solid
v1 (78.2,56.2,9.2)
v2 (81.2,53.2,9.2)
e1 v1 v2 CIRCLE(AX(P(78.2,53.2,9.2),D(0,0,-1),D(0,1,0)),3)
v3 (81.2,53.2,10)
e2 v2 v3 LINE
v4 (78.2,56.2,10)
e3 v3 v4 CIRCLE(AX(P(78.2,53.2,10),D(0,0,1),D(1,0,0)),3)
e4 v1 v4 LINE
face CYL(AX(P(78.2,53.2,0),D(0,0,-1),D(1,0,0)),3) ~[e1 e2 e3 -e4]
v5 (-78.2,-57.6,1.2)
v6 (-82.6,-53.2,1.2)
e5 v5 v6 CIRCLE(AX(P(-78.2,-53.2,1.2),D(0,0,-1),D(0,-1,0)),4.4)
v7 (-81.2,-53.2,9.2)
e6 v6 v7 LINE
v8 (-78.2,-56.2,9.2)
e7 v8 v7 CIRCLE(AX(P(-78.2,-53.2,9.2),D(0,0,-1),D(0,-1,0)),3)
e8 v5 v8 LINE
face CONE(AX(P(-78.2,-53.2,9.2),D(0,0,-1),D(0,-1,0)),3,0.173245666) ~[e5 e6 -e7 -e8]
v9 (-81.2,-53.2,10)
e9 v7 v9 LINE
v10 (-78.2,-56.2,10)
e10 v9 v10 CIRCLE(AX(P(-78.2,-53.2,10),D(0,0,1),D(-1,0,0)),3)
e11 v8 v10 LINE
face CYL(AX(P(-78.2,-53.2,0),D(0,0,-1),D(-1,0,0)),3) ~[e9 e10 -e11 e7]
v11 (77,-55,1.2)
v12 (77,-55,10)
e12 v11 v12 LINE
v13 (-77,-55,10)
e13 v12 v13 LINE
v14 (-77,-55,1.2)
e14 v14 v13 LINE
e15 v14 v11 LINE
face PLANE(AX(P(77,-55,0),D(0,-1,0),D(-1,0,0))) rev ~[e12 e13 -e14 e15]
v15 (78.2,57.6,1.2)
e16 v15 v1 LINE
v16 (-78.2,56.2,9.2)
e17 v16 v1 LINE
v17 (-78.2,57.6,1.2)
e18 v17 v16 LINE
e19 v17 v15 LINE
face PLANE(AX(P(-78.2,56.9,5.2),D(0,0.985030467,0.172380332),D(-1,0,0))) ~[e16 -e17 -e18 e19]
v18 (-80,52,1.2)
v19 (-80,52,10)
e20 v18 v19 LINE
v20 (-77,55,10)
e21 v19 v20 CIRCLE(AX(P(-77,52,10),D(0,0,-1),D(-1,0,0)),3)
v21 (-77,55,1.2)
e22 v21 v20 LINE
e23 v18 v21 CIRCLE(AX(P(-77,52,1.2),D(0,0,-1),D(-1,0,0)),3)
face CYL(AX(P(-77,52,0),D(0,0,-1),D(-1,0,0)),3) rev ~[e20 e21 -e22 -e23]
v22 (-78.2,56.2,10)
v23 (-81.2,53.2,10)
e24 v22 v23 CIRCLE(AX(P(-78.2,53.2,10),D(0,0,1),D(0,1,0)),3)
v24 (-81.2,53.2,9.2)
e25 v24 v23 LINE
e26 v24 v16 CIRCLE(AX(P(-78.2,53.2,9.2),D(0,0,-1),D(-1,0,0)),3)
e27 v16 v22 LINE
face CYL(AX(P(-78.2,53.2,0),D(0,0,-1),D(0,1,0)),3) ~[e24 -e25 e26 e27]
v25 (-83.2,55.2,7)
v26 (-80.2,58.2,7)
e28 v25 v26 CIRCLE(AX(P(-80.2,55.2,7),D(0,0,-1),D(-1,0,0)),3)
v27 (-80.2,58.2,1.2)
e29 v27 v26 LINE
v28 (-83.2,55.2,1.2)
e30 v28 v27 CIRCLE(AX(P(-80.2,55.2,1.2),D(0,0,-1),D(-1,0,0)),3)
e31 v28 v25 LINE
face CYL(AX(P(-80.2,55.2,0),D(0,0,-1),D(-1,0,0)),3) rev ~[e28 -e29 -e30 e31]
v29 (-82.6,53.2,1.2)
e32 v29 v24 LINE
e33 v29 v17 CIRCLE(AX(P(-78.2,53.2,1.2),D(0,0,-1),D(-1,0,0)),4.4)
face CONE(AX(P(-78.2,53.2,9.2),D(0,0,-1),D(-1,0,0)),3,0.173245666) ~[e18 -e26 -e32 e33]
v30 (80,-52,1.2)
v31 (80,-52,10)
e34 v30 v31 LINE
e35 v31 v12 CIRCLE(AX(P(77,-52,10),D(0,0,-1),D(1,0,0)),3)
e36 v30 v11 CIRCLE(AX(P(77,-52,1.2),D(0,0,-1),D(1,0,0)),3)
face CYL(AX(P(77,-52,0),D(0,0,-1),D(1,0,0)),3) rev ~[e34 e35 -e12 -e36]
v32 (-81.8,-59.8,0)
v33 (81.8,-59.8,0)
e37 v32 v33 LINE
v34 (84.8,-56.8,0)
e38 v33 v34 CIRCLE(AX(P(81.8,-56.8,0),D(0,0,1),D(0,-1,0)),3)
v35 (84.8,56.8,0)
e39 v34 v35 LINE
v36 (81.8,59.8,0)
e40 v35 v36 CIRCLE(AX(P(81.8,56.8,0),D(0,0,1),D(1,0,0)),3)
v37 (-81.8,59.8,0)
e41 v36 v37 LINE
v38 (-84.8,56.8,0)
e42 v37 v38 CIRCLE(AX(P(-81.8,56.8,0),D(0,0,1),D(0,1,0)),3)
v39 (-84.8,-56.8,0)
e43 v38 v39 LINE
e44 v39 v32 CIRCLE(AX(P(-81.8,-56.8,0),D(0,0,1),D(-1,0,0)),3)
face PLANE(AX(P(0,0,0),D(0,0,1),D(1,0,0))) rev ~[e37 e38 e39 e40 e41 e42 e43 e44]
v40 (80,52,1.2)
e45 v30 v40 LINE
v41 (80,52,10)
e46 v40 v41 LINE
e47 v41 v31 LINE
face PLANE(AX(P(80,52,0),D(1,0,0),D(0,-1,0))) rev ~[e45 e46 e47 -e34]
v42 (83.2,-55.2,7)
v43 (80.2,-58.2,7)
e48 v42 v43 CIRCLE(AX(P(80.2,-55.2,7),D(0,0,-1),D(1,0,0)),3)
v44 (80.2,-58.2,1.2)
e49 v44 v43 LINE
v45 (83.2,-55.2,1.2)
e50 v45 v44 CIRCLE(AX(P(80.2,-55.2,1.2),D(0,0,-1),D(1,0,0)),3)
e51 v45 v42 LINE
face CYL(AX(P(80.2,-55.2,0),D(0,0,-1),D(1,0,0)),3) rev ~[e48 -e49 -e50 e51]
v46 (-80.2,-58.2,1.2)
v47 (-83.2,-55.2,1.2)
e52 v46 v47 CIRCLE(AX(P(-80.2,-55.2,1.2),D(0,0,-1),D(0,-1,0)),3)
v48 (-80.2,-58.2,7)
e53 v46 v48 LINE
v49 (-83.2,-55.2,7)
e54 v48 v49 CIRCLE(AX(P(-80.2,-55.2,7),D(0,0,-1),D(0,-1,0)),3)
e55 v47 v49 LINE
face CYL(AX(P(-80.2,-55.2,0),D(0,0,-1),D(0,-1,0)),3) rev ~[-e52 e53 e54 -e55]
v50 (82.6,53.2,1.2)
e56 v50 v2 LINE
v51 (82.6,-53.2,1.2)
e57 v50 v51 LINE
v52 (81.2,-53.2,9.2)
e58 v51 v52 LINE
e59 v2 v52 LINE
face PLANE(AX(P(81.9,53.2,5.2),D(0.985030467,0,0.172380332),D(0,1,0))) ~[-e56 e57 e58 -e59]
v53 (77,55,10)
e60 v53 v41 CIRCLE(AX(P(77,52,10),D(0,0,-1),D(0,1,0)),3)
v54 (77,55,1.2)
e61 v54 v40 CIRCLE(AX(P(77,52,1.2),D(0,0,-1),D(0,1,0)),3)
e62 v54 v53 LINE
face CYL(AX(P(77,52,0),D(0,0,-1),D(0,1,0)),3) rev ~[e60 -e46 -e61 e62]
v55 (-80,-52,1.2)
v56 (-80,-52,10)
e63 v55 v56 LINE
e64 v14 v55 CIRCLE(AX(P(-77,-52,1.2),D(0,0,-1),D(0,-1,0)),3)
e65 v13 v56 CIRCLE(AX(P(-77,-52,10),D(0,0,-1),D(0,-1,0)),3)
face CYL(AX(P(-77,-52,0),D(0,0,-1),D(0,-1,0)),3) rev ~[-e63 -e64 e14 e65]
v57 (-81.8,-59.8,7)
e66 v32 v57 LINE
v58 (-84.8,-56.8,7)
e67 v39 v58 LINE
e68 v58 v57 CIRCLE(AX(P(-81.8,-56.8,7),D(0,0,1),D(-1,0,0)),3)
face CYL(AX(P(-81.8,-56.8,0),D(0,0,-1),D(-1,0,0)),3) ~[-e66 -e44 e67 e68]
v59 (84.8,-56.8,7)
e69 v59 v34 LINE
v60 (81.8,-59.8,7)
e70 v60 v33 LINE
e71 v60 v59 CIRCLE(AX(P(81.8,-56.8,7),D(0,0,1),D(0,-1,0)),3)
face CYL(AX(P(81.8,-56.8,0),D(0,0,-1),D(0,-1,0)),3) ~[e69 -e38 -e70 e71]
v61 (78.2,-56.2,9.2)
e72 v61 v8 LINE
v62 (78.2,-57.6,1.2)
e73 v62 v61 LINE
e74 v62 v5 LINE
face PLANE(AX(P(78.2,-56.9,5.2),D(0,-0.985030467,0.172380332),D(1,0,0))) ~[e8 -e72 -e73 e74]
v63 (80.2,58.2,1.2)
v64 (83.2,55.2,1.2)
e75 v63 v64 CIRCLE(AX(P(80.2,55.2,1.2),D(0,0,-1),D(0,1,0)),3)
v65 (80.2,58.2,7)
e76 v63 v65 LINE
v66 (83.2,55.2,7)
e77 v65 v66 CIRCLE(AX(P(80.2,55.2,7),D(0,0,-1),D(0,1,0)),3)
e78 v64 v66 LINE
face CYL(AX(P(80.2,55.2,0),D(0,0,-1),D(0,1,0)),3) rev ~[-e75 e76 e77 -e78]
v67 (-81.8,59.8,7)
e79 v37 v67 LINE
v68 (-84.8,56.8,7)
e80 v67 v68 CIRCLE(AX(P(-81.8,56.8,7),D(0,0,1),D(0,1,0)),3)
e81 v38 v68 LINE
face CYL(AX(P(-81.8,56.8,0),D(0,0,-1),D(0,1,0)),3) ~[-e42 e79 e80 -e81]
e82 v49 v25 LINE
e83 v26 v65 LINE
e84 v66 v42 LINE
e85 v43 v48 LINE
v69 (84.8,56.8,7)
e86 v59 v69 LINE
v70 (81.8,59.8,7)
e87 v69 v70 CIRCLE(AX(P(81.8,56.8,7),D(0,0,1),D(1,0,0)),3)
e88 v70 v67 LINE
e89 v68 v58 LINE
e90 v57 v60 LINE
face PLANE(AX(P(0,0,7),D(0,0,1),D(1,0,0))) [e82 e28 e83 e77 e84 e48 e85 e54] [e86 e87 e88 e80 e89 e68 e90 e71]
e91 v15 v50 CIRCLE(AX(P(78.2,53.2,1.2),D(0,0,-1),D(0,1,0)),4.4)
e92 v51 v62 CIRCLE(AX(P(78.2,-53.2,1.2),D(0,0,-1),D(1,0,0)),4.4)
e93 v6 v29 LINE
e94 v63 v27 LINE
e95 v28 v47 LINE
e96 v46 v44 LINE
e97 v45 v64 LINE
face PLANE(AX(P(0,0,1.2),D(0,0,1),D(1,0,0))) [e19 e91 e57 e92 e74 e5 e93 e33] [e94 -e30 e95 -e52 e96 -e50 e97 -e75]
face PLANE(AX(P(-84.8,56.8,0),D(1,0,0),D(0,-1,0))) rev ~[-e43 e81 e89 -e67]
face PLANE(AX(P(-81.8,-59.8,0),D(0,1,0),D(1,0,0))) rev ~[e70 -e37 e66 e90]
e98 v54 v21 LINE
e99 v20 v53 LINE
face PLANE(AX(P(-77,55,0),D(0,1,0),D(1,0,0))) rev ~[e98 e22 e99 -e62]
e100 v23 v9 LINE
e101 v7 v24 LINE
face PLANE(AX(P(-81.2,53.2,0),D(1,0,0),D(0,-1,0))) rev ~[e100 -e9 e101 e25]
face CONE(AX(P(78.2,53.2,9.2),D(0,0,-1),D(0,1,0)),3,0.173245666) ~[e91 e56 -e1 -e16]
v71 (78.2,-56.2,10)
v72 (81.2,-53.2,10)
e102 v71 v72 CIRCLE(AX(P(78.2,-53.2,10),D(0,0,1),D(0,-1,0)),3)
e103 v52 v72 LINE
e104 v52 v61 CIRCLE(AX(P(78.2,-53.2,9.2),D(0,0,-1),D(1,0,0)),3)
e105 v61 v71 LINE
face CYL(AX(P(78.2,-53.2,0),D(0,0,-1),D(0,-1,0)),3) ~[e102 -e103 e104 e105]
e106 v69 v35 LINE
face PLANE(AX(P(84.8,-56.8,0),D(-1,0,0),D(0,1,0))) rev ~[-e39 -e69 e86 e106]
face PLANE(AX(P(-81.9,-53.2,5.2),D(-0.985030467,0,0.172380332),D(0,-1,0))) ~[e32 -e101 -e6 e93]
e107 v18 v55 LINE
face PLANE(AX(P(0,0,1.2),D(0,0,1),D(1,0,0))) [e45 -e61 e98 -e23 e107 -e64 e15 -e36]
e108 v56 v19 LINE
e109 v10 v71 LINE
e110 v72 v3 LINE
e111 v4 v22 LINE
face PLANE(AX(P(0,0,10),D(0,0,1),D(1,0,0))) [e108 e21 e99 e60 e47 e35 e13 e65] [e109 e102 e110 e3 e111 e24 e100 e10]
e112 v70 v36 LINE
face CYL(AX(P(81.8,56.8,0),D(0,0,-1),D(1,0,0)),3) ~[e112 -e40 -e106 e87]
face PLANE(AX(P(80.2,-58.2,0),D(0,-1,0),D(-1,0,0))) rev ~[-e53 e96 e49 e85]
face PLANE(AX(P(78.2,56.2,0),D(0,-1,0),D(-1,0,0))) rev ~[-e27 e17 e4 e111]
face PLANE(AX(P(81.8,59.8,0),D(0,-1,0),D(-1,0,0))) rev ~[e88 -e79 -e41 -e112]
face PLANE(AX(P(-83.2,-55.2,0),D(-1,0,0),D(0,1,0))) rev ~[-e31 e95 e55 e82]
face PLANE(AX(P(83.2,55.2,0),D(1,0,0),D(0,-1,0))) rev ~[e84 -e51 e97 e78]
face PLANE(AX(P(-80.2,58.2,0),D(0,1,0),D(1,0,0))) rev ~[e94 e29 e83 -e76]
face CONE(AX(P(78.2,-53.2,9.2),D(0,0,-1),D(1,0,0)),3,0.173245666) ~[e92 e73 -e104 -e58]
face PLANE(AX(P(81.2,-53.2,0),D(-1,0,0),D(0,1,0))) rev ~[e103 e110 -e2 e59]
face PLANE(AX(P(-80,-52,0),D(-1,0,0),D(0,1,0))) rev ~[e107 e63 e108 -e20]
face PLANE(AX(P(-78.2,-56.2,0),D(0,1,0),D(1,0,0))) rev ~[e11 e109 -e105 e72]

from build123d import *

# Parameters (mm, degrees)
F1_DEPTH = 1.2
F2_DEPTH = 10
F3_DEPTH = 7
F4_SIZE2 = 8
F4_SIZE  = 1.4


with BuildPart() as f1:
    # F0 (on Top) → F1 (new body)
    with BuildSketch(Plane.XY):
        with BuildLine():
            Line((81.8, 59.8), (-81.8, 59.8))
            ThreePointArc((-81.8, 59.8), (-83.9213203436, 58.9213203436), (-84.8, 56.8))
            Line((-84.8, 56.8), (-84.8, -56.8))
            ThreePointArc((-84.8, -56.8), (-83.9213203436, -58.9213203436), (-81.8, -59.8))
            Line((-81.8, -59.8), (81.8, -59.8))
            ThreePointArc((81.8, -59.8), (83.9213203436, -58.9213203436), (84.8, -56.8))
            Line((84.8, -56.8), (84.8, 56.8))
            ThreePointArc((84.8, 56.8), (83.9213203436, 58.9213203436), (81.8, 59.8))
        make_face()
        with BuildLine():
            ThreePointArc((83.2, -55.2), (82.3213203436, -57.3213203436), (80.2, -58.2))
            Line((80.2, -58.2), (-80.2, -58.2))
            ThreePointArc((-80.2, -58.2), (-82.3213203436, -57.3213203436), (-83.2, -55.2))
            Line((-83.2, -55.2), (-83.2, 55.2))
            ThreePointArc((-83.2, 55.2), (-82.3213203436, 57.3213203436), (-80.2, 58.2))
            Line((-80.2, 58.2), (80.2, 58.2))
            ThreePointArc((80.2, 58.2), (82.3213203436, 57.3213203436), (83.2, 55.2))
            Line((83.2, 55.2), (83.2, -55.2))
        make_face(mode=Mode.SUBTRACT)
        with BuildLine():
            Line((-80.2, -58.2), (80.2, -58.2))
            ThreePointArc((80.2, -58.2), (82.3213203436, -57.3213203436), (83.2, -55.2))
            Line((83.2, -55.2), (83.2, 55.2))
            ThreePointArc((83.2, 55.2), (82.3213203436, 57.3213203436), (80.2, 58.2))
            Line((80.2, 58.2), (-80.2, 58.2))
            ThreePointArc((-80.2, 58.2), (-82.3213203436, 57.3213203436), (-83.2, 55.2))
            Line((-83.2, 55.2), (-83.2, -55.2))
            ThreePointArc((-83.2, -55.2), (-82.3213203436, -57.3213203436), (-80.2, -58.2))
        make_face()
        with BuildLine():
            ThreePointArc((-81.2, 53.2), (-80.3213203436, 55.3213203436), (-78.2, 56.2))
            Line((-78.2, 56.2), (78.2, 56.2))
            ThreePointArc((78.2, 56.2), (80.3213203436, 55.3213203436), (81.2, 53.2))
            Line((81.2, 53.2), (81.2, -53.2))
            ThreePointArc((81.2, -53.2), (80.3213203436, -55.3213203436), (78.2, -56.2))
            Line((78.2, -56.2), (-78.2, -56.2))
            ThreePointArc((-78.2, -56.2), (-80.3213203436, -55.3213203436), (-81.2, -53.2))
            Line((-81.2, -53.2), (-81.2, 53.2))
        make_face(mode=Mode.SUBTRACT)
        with BuildLine():
            Line((78.2, 56.2), (-78.2, 56.2))
            ThreePointArc((-78.2, 56.2), (-80.3213203436, 55.3213203436), (-81.2, 53.2))
            Line((-81.2, 53.2), (-81.2, -53.2))
            ThreePointArc((-81.2, -53.2), (-80.3213203436, -55.3213203436), (-78.2, -56.2))
            Line((-78.2, -56.2), (78.2, -56.2))
            ThreePointArc((78.2, -56.2), (80.3213203436, -55.3213203436), (81.2, -53.2))
            Line((81.2, -53.2), (81.2, 53.2))
            ThreePointArc((81.2, 53.2), (80.3213203436, 55.3213203436), (78.2, 56.2))
        make_face()
        with BuildLine():
            ThreePointArc((-80, 52), (-79.1213203436, 54.1213203436), (-77, 55))
            Line((-77, 55), (77, 55))
            ThreePointArc((77, 55), (79.1213203436, 54.1213203436), (80, 52))
            Line((80, 52), (80, -52))
            ThreePointArc((80, -52), (79.1213203436, -54.1213203436), (77, -55))
            Line((77, -55), (-77, -55))
            ThreePointArc((-77, -55), (-79.1213203436, -54.1213203436), (-80, -52))
            Line((-80, -52), (-80, 52))
        make_face(mode=Mode.SUBTRACT)
        with BuildLine():
            Line((77, 55), (-77, 55))
            ThreePointArc((-77, 55), (-79.1213203436, 54.1213203436), (-80, 52))
            Line((-80, 52), (-80, -52))
            ThreePointArc((-80, -52), (-79.1213203436, -54.1213203436), (-77, -55))
            Line((-77, -55), (77, -55))
            ThreePointArc((77, -55), (79.1213203436, -54.1213203436), (80, -52))
            Line((80, -52), (80, 52))
            ThreePointArc((80, 52), (79.1213203436, 54.1213203436), (77, 55))
        make_face()
    extrude(amount=F1_DEPTH)

    # F0 (on Top) → F2 (join)
    with BuildSketch(Plane.XY):
        with BuildLine():
            Line((78.2, 56.2), (-78.2, 56.2))
            ThreePointArc((-78.2, 56.2), (-80.3213203436, 55.3213203436), (-81.2, 53.2))
            Line((-81.2, 53.2), (-81.2, -53.2))
            ThreePointArc((-81.2, -53.2), (-80.3213203436, -55.3213203436), (-78.2, -56.2))
            Line((-78.2, -56.2), (78.2, -56.2))
            ThreePointArc((78.2, -56.2), (80.3213203436, -55.3213203436), (81.2, -53.2))
            Line((81.2, -53.2), (81.2, 53.2))
            ThreePointArc((81.2, 53.2), (80.3213203436, 55.3213203436), (78.2, 56.2))
        make_face()
        with BuildLine():
            ThreePointArc((-80, 52), (-79.1213203436, 54.1213203436), (-77, 55))
            Line((-77, 55), (77, 55))
            ThreePointArc((77, 55), (79.1213203436, 54.1213203436), (80, 52))
            Line((80, 52), (80, -52))
            ThreePointArc((80, -52), (79.1213203436, -54.1213203436), (77, -55))
            Line((77, -55), (-77, -55))
            ThreePointArc((-77, -55), (-79.1213203436, -54.1213203436), (-80, -52))
            Line((-80, -52), (-80, 52))
        make_face(mode=Mode.SUBTRACT)
    extrude(amount=F2_DEPTH)

    # F0 (on Top) → F3 (join)
    with BuildSketch(Plane.XY):
        with BuildLine():
            Line((81.8, 59.8), (-81.8, 59.8))
            ThreePointArc((-81.8, 59.8), (-83.9213203436, 58.9213203436), (-84.8, 56.8))
            Line((-84.8, 56.8), (-84.8, -56.8))
            ThreePointArc((-84.8, -56.8), (-83.9213203436, -58.9213203436), (-81.8, -59.8))
            Line((-81.8, -59.8), (81.8, -59.8))
            ThreePointArc((81.8, -59.8), (83.9213203436, -58.9213203436), (84.8, -56.8))
            Line((84.8, -56.8), (84.8, 56.8))
            ThreePointArc((84.8, 56.8), (83.9213203436, 58.9213203436), (81.8, 59.8))
        make_face()
        with BuildLine():
            ThreePointArc((83.2, -55.2), (82.3213203436, -57.3213203436), (80.2, -58.2))
            Line((80.2, -58.2), (-80.2, -58.2))
            ThreePointArc((-80.2, -58.2), (-82.3213203436, -57.3213203436), (-83.2, -55.2))
            Line((-83.2, -55.2), (-83.2, 55.2))
            ThreePointArc((-83.2, 55.2), (-82.3213203436, 57.3213203436), (-80.2, 58.2))
            Line((-80.2, 58.2), (80.2, 58.2))
            ThreePointArc((80.2, 58.2), (82.3213203436, 57.3213203436), (83.2, 55.2))
            Line((83.2, 55.2), (83.2, -55.2))
        make_face(mode=Mode.SUBTRACT)
    extrude(amount=F3_DEPTH)

    # F4
    f4_edges = [f1.edges().sort_by_distance(p)[0] for p in [
        (-81.2, 0, 1.2),
    ]]
    chamfer(f4_edges, length=F4_SIZE, length2=F4_SIZE2)


solid = f1.part
